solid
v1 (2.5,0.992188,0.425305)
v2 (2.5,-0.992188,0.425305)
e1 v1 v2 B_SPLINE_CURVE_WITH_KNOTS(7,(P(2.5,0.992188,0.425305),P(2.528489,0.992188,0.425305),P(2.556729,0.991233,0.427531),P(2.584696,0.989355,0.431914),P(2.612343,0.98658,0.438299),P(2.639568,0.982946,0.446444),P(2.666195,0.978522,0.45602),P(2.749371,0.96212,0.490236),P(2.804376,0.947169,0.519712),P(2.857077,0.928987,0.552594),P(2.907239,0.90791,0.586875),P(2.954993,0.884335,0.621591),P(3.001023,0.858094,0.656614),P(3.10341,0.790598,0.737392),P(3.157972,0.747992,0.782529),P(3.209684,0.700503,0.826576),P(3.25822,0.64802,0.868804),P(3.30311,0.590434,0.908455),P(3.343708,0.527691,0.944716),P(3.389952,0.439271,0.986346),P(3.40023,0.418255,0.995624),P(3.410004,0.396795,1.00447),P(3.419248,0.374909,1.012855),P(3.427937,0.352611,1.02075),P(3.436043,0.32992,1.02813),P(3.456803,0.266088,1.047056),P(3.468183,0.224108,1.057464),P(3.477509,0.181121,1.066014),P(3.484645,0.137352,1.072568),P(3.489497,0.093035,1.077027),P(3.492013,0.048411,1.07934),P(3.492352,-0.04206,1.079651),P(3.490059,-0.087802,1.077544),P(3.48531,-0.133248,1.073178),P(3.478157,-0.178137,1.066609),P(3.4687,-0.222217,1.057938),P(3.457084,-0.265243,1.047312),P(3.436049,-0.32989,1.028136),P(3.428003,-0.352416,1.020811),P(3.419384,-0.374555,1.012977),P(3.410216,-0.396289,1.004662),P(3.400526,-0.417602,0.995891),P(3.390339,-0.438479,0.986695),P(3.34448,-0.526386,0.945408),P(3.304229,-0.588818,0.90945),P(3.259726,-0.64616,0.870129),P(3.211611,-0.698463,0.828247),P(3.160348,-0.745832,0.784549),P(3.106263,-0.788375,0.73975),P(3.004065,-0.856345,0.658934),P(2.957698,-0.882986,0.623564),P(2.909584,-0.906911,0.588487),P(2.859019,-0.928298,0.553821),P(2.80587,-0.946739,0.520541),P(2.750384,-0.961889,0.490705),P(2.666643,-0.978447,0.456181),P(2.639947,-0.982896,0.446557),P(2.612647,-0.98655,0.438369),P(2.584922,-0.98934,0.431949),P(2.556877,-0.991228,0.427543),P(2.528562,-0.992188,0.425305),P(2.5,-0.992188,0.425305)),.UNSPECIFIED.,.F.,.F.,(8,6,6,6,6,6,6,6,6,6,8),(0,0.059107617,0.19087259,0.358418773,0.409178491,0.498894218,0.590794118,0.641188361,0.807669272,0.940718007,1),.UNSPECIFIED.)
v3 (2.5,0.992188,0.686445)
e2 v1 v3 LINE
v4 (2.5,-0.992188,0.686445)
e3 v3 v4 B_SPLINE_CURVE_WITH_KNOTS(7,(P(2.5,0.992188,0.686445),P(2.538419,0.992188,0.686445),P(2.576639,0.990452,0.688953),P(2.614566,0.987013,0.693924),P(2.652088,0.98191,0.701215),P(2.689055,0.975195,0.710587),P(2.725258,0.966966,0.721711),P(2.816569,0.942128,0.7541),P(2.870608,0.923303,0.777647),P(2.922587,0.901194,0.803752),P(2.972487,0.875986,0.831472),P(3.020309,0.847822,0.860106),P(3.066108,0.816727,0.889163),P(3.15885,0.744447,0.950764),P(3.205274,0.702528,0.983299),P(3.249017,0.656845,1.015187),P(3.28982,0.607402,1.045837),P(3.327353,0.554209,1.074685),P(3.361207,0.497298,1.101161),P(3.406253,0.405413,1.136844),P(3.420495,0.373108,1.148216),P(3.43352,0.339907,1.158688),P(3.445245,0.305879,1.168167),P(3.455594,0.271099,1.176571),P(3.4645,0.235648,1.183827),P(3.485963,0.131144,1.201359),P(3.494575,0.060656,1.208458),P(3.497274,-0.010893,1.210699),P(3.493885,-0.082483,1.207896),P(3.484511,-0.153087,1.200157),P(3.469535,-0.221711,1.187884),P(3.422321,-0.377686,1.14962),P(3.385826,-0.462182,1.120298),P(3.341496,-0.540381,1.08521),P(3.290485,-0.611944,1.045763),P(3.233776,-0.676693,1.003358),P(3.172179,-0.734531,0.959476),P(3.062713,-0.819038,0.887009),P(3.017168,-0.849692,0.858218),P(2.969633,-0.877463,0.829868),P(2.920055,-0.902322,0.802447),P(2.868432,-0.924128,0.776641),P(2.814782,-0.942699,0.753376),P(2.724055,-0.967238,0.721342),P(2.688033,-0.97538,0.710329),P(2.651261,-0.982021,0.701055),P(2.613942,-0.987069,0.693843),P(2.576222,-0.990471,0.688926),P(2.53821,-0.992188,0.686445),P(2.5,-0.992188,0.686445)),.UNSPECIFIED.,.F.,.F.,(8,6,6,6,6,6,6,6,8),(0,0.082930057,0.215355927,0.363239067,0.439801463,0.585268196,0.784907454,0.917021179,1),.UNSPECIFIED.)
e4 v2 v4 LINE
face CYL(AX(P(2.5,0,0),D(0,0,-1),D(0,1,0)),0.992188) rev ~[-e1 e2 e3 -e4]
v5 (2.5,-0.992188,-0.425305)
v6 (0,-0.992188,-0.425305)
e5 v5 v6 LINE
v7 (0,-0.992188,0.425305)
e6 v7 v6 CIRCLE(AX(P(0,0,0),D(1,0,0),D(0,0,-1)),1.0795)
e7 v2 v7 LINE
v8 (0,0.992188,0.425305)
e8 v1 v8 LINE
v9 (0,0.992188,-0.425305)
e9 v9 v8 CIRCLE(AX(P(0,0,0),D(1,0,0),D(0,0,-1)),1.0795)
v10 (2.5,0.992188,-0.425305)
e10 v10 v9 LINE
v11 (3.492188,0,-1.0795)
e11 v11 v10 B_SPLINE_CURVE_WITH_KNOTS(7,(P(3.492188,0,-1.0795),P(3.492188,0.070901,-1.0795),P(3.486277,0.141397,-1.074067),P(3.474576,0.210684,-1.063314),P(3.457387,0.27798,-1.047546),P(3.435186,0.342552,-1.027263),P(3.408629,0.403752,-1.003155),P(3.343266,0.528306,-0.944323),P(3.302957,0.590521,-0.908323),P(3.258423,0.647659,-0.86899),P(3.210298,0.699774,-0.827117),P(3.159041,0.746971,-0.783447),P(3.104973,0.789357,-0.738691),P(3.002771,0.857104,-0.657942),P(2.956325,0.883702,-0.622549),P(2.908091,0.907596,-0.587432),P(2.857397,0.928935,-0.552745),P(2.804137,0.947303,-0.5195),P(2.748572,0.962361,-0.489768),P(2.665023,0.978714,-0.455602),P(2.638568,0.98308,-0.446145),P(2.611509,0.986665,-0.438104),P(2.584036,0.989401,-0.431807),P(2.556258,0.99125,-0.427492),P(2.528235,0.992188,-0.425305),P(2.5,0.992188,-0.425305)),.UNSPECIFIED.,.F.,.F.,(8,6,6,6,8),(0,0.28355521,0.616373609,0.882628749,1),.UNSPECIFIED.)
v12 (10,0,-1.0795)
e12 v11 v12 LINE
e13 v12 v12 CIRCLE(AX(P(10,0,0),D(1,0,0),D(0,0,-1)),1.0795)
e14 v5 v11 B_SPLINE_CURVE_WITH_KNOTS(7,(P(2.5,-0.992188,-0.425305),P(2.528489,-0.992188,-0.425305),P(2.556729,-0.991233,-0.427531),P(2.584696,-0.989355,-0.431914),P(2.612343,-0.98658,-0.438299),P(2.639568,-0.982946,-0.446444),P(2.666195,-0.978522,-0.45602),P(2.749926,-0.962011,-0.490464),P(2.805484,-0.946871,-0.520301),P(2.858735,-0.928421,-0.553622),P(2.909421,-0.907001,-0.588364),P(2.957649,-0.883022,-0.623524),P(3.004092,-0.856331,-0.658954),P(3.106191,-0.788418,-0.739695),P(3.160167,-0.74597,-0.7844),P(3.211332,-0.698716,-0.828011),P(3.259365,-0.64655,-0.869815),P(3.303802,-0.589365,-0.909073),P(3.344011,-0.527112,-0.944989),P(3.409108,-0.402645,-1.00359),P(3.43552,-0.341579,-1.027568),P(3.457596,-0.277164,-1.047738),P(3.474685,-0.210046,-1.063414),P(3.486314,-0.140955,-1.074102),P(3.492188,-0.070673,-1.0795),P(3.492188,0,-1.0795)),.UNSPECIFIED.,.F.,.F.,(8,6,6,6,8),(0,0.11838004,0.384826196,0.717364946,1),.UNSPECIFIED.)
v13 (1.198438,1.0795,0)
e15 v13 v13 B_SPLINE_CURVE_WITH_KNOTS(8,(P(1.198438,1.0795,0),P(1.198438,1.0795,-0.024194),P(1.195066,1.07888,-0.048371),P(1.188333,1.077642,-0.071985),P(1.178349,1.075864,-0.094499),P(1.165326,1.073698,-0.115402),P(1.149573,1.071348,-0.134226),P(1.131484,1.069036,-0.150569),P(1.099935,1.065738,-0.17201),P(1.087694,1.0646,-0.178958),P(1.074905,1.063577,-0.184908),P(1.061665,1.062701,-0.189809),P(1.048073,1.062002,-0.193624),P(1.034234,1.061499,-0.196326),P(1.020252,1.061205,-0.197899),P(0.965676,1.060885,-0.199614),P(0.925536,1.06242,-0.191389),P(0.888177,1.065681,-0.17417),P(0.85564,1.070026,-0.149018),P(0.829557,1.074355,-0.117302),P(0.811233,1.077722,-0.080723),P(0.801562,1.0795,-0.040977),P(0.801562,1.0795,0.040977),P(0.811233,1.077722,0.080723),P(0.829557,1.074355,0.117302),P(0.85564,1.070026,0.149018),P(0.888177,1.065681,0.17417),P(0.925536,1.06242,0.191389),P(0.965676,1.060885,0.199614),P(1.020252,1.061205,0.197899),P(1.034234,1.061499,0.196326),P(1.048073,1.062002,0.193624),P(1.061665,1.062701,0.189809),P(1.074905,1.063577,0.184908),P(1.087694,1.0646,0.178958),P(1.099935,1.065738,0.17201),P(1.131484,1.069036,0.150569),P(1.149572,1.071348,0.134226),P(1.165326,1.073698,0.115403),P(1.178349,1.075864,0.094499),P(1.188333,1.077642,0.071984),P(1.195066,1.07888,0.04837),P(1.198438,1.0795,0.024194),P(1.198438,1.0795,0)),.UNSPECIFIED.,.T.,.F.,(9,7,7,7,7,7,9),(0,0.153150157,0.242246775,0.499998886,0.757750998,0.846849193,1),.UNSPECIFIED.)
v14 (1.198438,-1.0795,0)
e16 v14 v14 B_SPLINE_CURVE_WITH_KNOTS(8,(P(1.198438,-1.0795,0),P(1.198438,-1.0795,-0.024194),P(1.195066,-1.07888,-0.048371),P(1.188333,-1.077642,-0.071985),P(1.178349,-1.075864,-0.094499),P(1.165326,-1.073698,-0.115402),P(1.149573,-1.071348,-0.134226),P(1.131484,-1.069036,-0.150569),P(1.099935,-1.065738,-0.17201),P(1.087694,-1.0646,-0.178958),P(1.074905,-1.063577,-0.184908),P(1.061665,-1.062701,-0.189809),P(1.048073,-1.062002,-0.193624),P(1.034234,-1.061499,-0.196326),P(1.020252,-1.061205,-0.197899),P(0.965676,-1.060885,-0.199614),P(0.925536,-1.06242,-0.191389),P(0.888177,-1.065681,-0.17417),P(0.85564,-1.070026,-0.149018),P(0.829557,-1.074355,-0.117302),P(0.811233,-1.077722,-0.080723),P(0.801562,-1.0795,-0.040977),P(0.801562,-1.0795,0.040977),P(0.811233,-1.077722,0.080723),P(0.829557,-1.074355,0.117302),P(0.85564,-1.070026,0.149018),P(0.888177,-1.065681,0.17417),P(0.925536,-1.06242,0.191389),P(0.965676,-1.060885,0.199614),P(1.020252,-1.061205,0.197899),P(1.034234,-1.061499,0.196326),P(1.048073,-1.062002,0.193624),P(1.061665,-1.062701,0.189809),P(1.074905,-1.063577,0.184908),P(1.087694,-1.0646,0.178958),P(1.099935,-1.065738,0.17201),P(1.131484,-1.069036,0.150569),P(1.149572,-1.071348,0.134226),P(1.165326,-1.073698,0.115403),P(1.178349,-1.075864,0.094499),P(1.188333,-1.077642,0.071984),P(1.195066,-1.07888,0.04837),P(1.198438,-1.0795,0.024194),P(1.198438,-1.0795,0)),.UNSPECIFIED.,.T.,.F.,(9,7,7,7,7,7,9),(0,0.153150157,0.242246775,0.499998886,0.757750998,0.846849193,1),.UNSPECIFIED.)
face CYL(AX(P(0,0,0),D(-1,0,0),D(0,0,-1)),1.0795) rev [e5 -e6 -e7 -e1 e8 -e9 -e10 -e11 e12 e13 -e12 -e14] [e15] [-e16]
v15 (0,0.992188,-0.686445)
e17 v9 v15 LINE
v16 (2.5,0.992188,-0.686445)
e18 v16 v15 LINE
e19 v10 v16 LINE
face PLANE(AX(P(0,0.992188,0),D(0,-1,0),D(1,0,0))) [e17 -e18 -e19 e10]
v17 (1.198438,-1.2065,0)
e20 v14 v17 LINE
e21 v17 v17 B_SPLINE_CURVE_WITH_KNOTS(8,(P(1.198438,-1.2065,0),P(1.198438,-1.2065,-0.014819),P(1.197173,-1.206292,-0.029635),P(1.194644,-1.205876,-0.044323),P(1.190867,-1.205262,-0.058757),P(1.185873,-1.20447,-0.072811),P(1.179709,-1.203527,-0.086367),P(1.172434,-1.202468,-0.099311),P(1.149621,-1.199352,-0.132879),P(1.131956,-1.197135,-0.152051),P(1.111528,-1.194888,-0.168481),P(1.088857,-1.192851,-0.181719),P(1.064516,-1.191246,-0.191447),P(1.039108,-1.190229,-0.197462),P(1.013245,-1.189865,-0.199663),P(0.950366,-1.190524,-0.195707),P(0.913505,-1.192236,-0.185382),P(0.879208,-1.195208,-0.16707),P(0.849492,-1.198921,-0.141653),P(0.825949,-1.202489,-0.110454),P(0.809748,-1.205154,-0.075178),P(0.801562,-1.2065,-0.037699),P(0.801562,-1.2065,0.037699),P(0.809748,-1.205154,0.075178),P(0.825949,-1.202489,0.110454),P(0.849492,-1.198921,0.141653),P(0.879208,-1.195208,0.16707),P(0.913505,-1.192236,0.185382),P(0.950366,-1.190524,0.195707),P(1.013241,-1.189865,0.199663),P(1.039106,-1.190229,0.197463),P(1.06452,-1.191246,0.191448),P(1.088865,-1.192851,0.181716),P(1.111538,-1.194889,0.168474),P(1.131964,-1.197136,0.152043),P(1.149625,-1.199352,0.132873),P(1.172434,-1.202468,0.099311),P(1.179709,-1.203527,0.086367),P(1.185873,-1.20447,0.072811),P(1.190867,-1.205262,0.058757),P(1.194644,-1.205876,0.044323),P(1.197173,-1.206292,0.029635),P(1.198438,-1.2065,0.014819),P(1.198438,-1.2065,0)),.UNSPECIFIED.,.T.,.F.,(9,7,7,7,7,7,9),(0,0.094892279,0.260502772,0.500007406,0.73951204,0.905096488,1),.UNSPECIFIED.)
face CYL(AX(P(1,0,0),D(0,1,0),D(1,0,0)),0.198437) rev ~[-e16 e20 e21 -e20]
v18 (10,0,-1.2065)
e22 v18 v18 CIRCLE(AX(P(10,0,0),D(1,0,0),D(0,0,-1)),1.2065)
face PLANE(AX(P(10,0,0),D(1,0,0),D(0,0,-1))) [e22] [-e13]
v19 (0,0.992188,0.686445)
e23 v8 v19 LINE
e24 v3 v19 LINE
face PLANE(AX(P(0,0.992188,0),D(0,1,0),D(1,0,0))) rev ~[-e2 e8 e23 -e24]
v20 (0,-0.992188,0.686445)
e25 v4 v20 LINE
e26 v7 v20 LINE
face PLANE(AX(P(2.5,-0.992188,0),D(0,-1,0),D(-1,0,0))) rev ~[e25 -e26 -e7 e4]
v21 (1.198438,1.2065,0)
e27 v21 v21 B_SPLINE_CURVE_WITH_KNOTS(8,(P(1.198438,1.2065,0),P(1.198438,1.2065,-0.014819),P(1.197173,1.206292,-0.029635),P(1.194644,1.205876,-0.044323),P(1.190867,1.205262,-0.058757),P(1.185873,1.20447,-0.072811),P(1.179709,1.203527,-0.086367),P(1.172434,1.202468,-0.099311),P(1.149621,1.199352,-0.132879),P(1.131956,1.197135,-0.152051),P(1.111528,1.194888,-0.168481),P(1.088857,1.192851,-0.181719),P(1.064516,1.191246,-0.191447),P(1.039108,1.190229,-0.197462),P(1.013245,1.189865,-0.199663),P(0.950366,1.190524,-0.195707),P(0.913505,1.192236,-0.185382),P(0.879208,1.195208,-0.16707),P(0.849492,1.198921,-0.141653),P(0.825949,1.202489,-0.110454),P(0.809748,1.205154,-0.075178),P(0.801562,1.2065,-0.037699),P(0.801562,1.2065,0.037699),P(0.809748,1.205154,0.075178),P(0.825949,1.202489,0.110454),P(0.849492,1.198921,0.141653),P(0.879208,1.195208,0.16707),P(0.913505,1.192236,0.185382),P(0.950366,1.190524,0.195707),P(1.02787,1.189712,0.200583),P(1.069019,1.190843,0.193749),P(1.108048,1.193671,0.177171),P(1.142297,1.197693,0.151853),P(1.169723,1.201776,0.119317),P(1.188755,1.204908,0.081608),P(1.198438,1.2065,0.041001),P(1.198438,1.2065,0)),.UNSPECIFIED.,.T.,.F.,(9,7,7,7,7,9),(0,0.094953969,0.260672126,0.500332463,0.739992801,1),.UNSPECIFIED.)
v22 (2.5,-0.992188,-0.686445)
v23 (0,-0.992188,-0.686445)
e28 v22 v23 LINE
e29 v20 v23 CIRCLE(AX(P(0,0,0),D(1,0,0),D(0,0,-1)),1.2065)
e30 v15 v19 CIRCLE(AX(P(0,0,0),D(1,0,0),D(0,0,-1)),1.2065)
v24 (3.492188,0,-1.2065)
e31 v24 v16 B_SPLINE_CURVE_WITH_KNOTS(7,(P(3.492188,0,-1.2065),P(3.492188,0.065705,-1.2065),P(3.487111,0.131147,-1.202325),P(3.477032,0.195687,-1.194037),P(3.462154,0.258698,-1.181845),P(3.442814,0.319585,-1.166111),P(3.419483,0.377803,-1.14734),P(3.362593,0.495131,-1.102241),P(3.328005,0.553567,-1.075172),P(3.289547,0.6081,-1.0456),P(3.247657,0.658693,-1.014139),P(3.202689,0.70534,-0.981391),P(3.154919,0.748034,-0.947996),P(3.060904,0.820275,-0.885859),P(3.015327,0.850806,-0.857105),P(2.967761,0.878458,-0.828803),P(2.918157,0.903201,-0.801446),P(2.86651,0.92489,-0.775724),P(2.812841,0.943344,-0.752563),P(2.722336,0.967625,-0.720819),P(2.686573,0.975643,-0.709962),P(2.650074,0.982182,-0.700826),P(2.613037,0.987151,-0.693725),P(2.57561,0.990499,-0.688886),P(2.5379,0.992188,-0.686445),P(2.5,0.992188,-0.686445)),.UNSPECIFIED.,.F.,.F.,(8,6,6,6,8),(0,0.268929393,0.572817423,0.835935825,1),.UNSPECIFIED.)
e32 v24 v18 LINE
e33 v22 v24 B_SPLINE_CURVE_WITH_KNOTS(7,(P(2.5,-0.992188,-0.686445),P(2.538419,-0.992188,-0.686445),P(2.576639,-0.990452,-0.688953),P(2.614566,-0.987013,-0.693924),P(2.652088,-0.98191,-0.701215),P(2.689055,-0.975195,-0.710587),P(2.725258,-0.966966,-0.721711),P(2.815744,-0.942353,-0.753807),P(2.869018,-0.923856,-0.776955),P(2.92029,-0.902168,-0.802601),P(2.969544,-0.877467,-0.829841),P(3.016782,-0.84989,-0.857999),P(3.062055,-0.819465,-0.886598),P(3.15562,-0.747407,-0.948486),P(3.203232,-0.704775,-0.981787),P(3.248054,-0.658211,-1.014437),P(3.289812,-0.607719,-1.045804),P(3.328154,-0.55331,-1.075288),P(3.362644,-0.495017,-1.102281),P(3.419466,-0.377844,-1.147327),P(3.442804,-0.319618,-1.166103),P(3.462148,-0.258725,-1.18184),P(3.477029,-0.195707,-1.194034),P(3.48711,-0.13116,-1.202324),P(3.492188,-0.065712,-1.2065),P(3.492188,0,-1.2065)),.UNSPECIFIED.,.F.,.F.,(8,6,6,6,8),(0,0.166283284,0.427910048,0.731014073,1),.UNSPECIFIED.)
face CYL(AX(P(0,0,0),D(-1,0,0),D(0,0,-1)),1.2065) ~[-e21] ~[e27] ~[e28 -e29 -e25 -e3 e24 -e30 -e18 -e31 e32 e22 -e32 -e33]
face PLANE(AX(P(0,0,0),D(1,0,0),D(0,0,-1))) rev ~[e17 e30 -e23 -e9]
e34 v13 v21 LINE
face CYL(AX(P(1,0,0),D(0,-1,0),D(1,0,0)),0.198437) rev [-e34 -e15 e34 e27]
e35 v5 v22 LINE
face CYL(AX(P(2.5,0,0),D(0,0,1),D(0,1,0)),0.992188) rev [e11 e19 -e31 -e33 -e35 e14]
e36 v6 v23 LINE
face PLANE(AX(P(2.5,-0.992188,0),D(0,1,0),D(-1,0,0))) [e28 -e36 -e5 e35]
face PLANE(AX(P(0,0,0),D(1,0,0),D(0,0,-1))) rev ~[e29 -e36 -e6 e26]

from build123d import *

# Parameters (mm, degrees)
SKETCH1_R               = 1.2065
SKETCH1_R_2             = 1.0795
BOSS_EXTRUDE1_DEPTH     = 10
CUT_EXTRUDE1_DEPTH      = 10
CUT_EXTRUDE1_DEPTH_BACK = 1.5
SKETCH4_R               = 0.1984375
CUT_EXTRUDE2_DEPTH      = 5
CUT_EXTRUDE2_DEPTH_BACK = 5


with BuildPart() as part:
    # Sketch1 → Boss-Extrude1 (new body)
    with BuildSketch(Plane(origin=(0, 0, 0), x_dir=(0, 0, -1), z_dir=(1, 0, 0))):
        Circle(SKETCH1_R)
        Circle(SKETCH1_R_2, mode=Mode.SUBTRACT)
    extrude(amount=BOSS_EXTRUDE1_DEPTH)

    # Sketch2 → Cut-Extrude1 (cut, two sides)
    with BuildSketch(Plane.XY) as cut_extrude1_sk:
        with BuildLine():
            Line((2.5, -0.9921875), (0, -0.9921875))
            Line((0, -0.9921875), (0, 0.9921875))
            Line((0, 0.9921875), (2.5, 0.9921875))
            ThreePointArc((2.5, 0.9921875), (3.4921875, 0), (2.5, -0.9921875))
        make_face()
    extrude(amount=CUT_EXTRUDE1_DEPTH, mode=Mode.SUBTRACT)
    extrude(cut_extrude1_sk.sketch, amount=-CUT_EXTRUDE1_DEPTH_BACK, mode=Mode.SUBTRACT)

    # Sketch4 → Cut-Extrude2 (cut, two sides)
    with BuildSketch(Plane(origin=(0, 0, 0), x_dir=(1, 0, 0), z_dir=(0, 1, 0))) as cut_extrude2_sk:
        with Locations((1, 0)):
            Circle(SKETCH4_R)
    extrude(amount=CUT_EXTRUDE2_DEPTH, mode=Mode.SUBTRACT)
    extrude(cut_extrude2_sk.sketch, amount=-CUT_EXTRUDE2_DEPTH_BACK, mode=Mode.SUBTRACT)


solid = part.part
